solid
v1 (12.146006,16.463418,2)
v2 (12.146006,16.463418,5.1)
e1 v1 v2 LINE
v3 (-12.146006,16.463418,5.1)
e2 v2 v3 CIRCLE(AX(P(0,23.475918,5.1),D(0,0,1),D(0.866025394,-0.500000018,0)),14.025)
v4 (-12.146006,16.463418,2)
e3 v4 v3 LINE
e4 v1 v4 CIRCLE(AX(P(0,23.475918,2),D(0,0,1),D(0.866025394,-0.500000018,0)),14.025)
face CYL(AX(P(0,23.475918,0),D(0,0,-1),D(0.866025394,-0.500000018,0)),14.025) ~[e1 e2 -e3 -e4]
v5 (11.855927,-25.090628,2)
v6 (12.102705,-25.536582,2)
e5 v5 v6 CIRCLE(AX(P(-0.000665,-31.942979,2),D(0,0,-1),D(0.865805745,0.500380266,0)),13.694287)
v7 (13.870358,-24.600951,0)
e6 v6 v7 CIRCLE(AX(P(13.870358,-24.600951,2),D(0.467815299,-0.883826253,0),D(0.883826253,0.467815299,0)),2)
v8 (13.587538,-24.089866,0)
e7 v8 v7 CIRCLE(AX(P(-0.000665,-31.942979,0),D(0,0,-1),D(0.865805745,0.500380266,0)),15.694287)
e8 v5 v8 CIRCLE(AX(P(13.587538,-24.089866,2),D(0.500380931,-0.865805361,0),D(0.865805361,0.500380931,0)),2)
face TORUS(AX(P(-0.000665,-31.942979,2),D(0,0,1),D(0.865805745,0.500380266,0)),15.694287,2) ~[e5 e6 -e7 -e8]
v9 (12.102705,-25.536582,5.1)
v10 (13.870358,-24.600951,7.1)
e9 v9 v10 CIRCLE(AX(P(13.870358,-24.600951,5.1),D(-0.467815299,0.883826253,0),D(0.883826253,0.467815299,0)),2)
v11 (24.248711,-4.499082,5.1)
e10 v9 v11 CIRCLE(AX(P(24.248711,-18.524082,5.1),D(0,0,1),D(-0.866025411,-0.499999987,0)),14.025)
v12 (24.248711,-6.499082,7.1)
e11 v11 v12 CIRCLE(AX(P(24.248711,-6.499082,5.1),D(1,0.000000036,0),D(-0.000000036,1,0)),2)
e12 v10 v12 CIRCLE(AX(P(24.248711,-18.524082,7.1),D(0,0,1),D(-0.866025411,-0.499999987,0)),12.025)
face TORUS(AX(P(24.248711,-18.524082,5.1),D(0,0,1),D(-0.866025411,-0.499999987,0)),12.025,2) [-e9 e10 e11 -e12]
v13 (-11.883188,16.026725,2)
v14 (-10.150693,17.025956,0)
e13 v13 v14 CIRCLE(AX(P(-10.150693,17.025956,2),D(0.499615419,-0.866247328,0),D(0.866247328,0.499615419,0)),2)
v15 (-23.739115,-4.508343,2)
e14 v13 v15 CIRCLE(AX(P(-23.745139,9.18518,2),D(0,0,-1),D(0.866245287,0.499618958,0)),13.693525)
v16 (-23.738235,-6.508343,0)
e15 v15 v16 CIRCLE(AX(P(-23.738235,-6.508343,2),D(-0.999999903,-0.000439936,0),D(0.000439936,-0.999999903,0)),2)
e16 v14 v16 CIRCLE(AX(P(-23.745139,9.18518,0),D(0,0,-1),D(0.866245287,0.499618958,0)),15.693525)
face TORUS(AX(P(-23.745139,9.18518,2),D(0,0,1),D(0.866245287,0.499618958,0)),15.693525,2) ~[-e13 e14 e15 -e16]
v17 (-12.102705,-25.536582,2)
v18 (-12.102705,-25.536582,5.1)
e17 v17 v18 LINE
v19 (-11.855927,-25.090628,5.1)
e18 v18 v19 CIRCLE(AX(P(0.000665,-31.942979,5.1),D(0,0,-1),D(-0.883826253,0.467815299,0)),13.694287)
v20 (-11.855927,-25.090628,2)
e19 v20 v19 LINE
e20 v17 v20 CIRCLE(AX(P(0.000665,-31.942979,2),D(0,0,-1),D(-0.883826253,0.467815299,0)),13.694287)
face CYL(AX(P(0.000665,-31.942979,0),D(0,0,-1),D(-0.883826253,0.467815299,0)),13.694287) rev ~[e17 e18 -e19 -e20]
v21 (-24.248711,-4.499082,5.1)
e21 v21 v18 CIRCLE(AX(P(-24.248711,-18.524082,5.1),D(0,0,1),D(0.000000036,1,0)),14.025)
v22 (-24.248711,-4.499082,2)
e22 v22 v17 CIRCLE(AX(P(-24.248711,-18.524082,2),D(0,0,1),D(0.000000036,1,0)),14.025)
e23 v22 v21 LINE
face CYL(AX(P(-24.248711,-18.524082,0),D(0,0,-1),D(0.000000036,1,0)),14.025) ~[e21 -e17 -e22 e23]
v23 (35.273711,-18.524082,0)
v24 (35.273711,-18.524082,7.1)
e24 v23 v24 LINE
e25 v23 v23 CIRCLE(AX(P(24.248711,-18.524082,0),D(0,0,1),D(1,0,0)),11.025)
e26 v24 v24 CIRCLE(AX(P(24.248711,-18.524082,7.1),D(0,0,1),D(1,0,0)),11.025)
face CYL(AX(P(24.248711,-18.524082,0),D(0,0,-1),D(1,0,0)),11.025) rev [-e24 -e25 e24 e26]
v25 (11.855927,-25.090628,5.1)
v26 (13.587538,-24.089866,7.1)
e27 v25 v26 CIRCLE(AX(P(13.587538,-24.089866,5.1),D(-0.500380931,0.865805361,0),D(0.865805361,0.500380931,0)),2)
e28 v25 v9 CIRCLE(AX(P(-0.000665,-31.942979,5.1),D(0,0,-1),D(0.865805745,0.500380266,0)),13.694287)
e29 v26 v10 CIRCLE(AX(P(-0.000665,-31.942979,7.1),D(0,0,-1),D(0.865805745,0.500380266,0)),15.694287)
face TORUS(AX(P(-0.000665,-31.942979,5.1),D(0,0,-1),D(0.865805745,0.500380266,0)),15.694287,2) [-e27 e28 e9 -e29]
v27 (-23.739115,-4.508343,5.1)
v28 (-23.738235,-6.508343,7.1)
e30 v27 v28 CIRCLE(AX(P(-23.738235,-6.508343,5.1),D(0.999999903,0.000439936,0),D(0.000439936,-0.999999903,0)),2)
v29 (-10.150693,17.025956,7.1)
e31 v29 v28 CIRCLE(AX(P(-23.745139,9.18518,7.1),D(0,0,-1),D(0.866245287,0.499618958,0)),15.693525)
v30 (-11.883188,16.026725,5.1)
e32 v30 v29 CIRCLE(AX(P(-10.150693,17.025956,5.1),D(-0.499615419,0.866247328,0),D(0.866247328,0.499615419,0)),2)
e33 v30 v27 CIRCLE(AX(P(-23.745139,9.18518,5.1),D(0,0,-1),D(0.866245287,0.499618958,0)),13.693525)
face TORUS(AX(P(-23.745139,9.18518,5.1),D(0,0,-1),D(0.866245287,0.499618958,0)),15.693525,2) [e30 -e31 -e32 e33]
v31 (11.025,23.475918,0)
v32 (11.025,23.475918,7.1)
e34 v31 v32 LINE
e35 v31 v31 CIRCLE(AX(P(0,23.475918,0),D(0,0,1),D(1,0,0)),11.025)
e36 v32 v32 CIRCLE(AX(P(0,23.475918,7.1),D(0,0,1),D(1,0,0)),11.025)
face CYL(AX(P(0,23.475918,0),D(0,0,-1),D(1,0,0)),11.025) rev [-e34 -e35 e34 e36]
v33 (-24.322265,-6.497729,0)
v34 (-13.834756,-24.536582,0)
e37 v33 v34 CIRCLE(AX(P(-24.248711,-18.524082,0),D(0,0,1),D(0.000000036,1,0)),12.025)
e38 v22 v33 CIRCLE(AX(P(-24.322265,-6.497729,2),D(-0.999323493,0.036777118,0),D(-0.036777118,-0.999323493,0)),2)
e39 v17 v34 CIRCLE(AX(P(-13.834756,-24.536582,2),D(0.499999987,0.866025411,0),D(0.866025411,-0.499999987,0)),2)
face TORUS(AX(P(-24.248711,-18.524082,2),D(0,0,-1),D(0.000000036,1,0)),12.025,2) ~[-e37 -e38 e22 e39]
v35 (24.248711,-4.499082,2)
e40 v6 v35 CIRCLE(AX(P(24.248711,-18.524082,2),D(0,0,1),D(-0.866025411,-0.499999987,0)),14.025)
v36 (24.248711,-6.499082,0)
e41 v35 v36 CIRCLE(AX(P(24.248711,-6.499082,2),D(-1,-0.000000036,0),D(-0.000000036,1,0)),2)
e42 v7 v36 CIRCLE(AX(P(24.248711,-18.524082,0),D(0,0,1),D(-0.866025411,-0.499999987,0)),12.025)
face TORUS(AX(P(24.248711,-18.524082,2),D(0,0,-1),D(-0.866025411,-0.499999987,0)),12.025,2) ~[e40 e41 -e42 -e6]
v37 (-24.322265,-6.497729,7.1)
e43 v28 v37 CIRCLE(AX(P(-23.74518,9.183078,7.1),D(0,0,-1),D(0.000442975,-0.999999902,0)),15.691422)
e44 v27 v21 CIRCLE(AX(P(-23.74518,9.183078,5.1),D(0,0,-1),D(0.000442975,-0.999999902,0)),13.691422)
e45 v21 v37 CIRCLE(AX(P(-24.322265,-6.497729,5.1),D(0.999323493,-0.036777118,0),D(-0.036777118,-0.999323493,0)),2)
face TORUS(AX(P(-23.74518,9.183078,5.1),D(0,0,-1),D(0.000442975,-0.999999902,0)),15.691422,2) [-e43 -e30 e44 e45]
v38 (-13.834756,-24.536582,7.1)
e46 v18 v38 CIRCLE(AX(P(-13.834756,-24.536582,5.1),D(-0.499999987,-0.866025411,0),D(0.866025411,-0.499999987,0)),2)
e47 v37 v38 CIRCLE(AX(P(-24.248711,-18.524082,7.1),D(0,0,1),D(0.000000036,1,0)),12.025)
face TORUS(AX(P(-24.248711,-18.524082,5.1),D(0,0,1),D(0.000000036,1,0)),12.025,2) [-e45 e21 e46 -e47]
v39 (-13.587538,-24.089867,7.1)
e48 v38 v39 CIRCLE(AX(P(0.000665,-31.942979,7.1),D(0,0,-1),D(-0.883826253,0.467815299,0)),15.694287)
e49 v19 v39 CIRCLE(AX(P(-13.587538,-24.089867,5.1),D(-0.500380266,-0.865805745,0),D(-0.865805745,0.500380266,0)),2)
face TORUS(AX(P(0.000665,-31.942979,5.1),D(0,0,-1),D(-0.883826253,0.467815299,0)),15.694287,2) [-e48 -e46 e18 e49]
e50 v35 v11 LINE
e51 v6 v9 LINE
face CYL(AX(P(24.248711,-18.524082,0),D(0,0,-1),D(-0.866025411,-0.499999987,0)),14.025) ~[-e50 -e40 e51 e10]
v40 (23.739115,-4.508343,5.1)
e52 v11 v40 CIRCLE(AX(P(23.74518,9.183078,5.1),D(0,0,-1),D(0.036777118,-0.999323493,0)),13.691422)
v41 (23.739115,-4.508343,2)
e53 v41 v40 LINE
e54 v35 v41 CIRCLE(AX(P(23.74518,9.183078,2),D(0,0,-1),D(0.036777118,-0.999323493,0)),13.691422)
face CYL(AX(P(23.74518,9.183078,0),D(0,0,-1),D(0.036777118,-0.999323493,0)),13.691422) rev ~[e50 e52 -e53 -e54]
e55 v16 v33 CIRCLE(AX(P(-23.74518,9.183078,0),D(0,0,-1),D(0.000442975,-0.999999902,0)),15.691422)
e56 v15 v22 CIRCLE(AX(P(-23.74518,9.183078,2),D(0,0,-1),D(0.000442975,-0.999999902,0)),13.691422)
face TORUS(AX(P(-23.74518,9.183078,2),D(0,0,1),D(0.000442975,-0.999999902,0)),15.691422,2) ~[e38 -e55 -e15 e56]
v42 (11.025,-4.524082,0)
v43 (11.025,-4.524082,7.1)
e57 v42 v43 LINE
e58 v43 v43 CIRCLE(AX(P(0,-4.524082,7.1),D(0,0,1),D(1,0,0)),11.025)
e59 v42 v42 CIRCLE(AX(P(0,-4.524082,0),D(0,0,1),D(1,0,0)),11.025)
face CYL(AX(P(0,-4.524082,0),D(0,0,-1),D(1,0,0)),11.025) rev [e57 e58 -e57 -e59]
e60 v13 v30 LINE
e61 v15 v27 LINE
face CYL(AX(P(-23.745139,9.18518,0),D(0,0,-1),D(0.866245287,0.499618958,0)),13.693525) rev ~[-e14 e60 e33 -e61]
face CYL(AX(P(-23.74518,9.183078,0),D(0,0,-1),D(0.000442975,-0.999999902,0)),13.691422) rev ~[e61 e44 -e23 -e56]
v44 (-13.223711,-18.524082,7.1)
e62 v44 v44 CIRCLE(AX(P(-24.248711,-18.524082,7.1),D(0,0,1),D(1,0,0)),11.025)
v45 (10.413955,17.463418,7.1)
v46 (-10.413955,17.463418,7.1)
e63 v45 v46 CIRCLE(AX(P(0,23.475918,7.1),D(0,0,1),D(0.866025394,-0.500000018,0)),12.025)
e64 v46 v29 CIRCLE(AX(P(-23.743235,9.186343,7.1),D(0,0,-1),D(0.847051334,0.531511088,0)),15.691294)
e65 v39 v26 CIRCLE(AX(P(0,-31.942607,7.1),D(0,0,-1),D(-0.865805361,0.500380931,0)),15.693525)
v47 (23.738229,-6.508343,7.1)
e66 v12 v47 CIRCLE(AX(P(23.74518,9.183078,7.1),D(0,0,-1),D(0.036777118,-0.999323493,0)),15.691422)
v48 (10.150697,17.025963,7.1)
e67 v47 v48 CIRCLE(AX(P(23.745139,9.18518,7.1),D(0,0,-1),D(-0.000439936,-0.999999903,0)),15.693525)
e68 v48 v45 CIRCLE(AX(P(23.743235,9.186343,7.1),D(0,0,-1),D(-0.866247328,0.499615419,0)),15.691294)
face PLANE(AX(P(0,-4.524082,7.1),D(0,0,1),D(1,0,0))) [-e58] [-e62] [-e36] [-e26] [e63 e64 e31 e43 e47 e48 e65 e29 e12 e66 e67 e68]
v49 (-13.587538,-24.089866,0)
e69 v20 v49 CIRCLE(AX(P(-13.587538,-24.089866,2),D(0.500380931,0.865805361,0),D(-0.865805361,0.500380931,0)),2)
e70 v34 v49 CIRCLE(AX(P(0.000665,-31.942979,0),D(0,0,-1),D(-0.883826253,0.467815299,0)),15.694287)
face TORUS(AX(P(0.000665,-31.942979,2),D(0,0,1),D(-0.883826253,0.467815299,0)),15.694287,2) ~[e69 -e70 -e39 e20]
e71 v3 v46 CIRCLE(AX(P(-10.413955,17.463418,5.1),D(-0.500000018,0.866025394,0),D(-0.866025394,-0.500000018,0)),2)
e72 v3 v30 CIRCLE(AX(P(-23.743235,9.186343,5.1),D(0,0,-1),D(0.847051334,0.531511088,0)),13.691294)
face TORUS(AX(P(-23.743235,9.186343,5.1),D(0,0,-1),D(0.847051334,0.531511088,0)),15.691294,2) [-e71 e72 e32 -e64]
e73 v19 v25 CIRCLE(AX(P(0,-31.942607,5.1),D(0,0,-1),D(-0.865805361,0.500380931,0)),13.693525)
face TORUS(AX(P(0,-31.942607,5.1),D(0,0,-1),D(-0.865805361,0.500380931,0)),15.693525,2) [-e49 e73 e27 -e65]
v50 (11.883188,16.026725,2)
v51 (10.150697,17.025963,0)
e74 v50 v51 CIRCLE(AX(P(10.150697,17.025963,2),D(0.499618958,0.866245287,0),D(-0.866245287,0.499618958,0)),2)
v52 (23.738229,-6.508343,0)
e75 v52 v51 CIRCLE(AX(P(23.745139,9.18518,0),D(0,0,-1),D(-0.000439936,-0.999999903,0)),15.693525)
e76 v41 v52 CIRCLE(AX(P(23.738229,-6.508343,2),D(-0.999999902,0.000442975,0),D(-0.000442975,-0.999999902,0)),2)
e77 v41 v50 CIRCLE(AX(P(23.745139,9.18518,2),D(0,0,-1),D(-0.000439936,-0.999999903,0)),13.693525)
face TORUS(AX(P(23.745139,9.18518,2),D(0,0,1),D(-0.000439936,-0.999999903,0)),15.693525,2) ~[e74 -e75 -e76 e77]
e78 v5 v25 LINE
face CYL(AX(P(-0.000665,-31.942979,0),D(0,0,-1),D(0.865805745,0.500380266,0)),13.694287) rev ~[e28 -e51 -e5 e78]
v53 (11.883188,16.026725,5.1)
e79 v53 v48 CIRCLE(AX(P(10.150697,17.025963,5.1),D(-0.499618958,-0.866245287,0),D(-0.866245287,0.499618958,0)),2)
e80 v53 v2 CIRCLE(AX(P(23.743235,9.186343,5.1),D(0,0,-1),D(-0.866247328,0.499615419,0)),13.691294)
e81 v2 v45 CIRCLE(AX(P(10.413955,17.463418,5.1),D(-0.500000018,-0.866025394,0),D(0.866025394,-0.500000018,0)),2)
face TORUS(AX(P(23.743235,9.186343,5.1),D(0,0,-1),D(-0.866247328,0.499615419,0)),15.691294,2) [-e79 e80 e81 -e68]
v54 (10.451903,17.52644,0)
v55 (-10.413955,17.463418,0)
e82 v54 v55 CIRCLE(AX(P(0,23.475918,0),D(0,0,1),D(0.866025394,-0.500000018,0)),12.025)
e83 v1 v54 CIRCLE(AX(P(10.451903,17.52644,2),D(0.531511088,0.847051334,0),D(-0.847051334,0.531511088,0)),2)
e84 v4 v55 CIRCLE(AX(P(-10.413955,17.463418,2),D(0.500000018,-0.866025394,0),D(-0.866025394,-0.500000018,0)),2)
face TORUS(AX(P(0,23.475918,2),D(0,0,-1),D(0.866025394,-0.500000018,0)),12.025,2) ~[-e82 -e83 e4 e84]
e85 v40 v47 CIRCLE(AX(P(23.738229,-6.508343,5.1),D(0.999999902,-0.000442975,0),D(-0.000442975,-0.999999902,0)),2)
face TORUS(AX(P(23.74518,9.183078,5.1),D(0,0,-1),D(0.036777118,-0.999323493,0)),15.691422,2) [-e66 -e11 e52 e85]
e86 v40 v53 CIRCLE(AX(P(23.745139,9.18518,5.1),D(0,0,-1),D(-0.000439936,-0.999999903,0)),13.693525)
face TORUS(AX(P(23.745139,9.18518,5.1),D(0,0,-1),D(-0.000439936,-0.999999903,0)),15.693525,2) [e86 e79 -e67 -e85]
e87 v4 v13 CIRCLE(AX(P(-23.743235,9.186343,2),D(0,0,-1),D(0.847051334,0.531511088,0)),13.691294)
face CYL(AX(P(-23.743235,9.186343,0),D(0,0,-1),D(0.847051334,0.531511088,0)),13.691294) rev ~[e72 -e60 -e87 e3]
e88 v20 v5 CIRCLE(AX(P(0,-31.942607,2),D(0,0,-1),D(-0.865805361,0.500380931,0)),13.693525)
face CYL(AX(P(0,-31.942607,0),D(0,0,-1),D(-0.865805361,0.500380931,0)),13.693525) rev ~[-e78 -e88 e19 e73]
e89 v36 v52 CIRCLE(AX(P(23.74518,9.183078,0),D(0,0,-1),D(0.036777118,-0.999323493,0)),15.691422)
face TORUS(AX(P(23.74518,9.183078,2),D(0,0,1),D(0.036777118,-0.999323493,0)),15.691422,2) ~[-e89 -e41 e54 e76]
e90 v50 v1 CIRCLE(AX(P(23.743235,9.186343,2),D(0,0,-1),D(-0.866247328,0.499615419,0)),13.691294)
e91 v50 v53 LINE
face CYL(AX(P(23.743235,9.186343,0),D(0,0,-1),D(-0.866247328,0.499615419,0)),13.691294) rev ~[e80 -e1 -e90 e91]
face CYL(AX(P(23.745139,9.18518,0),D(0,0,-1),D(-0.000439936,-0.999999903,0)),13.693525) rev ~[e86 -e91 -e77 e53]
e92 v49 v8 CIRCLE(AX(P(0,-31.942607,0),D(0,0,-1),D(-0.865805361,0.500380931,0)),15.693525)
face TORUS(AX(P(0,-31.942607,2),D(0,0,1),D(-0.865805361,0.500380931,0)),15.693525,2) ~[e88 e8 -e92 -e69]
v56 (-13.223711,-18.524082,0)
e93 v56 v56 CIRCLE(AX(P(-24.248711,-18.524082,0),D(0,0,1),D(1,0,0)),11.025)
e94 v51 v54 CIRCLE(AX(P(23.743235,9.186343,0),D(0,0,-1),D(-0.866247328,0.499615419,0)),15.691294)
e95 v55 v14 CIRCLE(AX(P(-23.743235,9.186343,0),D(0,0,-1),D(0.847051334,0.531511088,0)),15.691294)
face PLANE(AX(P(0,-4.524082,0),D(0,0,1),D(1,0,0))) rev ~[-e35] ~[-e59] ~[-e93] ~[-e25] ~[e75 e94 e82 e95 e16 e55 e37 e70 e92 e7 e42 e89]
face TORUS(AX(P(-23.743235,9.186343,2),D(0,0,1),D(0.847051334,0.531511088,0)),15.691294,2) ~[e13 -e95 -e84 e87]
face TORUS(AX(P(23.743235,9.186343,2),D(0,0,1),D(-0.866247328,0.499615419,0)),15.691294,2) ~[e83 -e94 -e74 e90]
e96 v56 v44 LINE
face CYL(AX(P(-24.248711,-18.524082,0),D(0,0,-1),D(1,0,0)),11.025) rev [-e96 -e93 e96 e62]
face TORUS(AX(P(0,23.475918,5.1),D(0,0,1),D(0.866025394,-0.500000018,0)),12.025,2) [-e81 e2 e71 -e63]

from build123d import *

# Parameters (mm, degrees)
F0_R     = 11.025
F1_DEPTH = 7.1
F2_R     = 2


with BuildPart() as f1:
    # F0 (on Top) → F1 (new body)
    with BuildSketch(Plane.XY):
        with BuildLine():
            ThreePointArc((23.739115, -4.508343), (11.886199, 2.338418), (11.883188, 16.026725))
            ThreePointArc((11.883188, 16.026725), (12.012565, 16.246295), (12.146006, 16.463418))
            ThreePointArc((12.146006, 16.463418), (0, 37.500918), (-12.146006, 16.463418))
            ThreePointArc((-12.146006, 16.463418), (-12.012565, 16.246295), (-11.883188, 16.026725))
            ThreePointArc((-11.883188, 16.026725), (-11.886199, 2.338418), (-23.739115, -4.508343))
            ThreePointArc((-23.739115, -4.508343), (-23.993956, -4.506084), (-24.248711, -4.499082))
            ThreePointArc((-24.248711, -4.499082), (-36.394718, -25.536582), (-12.102705, -25.536582))
            ThreePointArc((-12.102705, -25.536582), (-11.981391, -25.312457), (-11.855927, -25.090628))
            ThreePointArc((-11.855927, -25.090628), (0, -18.249082), (11.855927, -25.090628))
            ThreePointArc((11.855927, -25.090628), (11.981391, -25.312457), (12.102705, -25.536582))
            ThreePointArc((12.102705, -25.536582), (36.394718, -25.536582), (24.248711, -4.499082))
            ThreePointArc((24.248711, -4.499082), (23.993956, -4.506084), (23.739115, -4.508343))
        make_face()
        with Locations((-24.248711, -18.524082)):
            Circle(F0_R, mode=Mode.SUBTRACT)
        with Locations((24.248711, -18.524082)):
            Circle(F0_R, mode=Mode.SUBTRACT)
        with Locations((0, -4.524082)):
            Circle(F0_R, mode=Mode.SUBTRACT)
        with Locations((0, 23.475918)):
            Circle(F0_R, mode=Mode.SUBTRACT)
    extrude(amount=F1_DEPTH)

    # F2
    f2_edges = [f1.edges().sort_by_distance(p)[0] for p in [
        (0, 37.500918, 7.1),
        (-36.394718, -25.536582, 7.1),
        (36.394718, -25.536582, 7.1),
        (0, -18.249082, 7.1),
        (-11.886199, 2.338418, 7.1),
        (11.886199, 2.338418, 7.1),
        (0, -18.249082, 0),
        (-36.394718, -25.536582, 0),
        (-11.886199, 2.338418, 0),
        (0, 37.500918, 0),
        (11.886199, 2.338418, 0),
        (36.394718, -25.536582, 0),
    ]]
    fillet(f2_edges, radius=F2_R)


solid = f1.part
